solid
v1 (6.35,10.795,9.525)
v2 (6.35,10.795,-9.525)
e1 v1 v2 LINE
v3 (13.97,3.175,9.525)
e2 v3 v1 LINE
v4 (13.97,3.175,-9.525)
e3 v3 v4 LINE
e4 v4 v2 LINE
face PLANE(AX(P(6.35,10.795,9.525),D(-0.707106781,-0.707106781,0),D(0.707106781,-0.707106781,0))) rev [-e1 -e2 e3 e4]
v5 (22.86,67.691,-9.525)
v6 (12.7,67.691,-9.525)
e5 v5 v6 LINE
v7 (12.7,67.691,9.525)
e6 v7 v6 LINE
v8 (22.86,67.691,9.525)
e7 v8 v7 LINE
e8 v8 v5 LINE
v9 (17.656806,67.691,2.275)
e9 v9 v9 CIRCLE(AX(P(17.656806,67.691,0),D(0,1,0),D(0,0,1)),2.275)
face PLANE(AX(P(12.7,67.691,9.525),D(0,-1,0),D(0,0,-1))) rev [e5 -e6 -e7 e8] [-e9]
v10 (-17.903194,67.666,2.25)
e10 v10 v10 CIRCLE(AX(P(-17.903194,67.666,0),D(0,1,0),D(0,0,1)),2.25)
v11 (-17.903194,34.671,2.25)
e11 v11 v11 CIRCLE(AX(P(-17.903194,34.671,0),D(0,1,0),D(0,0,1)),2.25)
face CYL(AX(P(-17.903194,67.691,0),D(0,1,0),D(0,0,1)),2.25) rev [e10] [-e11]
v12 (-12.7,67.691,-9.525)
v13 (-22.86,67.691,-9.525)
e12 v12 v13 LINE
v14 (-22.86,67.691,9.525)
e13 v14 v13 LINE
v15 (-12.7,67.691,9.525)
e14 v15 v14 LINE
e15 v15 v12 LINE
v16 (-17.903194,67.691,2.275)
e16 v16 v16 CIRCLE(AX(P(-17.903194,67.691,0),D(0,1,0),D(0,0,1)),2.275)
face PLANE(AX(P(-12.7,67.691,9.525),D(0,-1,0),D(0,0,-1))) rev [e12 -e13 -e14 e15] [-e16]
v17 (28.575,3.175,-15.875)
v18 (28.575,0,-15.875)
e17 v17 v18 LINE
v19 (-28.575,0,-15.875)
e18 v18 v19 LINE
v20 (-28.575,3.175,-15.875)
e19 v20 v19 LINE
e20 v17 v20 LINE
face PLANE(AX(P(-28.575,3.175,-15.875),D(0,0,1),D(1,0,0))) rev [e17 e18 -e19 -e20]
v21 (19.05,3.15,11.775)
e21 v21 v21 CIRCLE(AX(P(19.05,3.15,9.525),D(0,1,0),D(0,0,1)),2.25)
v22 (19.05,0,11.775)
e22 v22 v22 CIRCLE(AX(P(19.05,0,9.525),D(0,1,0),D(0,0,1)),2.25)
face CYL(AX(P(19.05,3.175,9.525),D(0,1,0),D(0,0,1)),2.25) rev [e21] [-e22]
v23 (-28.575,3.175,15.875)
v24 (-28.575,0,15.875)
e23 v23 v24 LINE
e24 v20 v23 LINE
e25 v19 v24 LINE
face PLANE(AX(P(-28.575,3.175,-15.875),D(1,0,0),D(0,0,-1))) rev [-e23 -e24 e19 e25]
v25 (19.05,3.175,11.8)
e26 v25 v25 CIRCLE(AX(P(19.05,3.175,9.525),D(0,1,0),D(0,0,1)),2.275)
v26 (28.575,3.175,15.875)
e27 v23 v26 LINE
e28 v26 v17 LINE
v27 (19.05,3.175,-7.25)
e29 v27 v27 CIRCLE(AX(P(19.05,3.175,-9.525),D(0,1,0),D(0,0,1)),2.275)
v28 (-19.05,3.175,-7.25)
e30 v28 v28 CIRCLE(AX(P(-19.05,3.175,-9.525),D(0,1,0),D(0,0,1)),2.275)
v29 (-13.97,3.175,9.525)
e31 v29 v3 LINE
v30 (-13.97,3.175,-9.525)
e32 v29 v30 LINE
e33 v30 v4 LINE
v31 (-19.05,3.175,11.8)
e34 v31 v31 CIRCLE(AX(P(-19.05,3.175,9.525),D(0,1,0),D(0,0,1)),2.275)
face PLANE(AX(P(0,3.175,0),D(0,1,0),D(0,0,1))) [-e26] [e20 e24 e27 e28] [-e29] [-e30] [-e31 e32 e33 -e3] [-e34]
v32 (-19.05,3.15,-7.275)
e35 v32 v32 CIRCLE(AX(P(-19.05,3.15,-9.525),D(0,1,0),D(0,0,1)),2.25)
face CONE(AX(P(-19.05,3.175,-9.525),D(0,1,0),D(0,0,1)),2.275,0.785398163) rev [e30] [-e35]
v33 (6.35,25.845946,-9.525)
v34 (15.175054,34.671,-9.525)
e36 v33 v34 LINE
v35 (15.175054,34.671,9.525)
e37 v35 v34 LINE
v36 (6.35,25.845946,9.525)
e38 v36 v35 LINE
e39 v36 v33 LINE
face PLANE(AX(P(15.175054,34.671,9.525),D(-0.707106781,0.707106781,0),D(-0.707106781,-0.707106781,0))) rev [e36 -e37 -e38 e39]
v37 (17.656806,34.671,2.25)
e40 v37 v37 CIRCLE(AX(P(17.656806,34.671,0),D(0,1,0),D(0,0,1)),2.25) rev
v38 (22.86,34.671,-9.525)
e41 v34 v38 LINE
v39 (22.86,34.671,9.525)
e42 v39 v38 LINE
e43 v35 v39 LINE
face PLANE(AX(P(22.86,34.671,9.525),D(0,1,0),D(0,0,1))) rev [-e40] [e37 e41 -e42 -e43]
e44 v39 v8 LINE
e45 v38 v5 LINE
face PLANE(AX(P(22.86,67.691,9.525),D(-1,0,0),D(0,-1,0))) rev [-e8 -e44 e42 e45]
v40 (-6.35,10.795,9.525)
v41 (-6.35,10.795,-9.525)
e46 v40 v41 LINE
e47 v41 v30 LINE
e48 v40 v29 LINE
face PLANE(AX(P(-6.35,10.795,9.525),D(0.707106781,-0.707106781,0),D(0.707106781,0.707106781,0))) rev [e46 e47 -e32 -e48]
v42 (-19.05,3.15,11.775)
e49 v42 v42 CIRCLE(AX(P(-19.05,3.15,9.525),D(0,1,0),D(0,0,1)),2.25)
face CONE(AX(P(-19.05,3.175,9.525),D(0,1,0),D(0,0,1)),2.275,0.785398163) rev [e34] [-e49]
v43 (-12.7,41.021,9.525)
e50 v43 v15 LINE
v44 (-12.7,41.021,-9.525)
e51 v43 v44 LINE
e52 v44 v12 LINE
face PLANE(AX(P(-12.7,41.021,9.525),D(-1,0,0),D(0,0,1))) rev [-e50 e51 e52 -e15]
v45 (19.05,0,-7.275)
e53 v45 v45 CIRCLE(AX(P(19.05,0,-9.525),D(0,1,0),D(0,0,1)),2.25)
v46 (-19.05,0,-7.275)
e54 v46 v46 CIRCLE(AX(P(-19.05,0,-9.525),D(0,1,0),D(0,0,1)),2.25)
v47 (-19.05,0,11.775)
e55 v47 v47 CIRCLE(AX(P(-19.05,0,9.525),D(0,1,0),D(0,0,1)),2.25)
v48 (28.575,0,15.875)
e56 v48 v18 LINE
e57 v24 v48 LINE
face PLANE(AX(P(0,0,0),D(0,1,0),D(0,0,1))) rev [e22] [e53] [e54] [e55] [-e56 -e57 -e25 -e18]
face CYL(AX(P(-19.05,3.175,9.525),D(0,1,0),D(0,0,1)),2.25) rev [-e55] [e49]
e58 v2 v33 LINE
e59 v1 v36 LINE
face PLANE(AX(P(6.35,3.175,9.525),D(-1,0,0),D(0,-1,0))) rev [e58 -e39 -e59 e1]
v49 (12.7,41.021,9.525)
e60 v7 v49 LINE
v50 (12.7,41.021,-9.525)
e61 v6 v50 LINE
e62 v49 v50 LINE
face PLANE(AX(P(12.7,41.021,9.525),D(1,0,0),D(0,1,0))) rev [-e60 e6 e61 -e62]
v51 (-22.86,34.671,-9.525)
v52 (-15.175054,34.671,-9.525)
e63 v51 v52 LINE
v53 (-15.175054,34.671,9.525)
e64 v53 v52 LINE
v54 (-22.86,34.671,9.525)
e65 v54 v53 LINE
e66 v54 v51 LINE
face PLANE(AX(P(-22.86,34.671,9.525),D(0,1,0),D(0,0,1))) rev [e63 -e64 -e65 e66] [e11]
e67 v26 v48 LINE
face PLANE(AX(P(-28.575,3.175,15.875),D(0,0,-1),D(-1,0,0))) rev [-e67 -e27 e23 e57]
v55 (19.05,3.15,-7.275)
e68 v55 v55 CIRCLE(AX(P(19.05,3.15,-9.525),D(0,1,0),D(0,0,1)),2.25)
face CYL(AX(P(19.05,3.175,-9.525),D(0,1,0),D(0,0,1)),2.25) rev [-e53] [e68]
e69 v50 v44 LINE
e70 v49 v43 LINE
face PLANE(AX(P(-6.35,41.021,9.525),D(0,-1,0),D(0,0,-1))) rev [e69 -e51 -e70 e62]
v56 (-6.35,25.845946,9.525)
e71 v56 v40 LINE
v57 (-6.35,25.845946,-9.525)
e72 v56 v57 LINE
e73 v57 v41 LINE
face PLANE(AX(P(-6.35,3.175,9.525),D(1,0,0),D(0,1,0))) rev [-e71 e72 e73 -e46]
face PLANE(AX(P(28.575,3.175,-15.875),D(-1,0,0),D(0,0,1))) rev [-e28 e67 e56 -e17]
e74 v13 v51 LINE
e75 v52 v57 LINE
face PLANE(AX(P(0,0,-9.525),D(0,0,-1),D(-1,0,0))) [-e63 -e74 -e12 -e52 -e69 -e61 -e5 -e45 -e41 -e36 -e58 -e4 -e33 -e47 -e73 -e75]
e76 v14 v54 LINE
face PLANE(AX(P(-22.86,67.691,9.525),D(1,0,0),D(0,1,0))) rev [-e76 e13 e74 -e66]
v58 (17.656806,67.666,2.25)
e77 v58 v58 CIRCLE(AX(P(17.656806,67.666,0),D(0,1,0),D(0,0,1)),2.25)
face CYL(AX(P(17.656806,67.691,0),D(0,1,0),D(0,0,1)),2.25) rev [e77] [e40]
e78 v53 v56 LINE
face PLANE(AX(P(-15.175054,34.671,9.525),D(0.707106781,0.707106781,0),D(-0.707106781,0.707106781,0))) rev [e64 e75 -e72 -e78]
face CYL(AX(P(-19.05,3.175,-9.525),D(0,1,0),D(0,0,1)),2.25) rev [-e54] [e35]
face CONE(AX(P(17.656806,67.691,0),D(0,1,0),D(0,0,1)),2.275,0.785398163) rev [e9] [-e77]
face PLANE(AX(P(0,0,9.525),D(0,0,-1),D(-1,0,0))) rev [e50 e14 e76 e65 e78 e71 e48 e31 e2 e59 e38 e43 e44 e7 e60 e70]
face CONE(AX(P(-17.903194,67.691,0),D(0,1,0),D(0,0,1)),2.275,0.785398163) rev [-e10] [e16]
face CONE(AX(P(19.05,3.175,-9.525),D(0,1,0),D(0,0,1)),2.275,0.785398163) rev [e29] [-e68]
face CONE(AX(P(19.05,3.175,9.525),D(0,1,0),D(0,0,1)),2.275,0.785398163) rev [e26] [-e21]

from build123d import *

# Parameters (mm, degrees)
SKETCH1_W                      = 57.15
SKETCH1_H                      = 31.75
BOSS_EXTRUDE1_DEPTH            = 3.175
M4_CLEARANCE_HOLE1_D           = 4.5
M4_CLEARANCE_HOLE1_CSINK_D     = 4.55
M4_CLEARANCE_HOLE1_CSINK_ANGLE = 90
SKETCH5_W                      = 12.7
SKETCH5_H                      = 37.846
BOSS_EXTRUDE2_DEPTH            = 9.525
BOSS_EXTRUDE3_DEPTH            = 9.525
M4_CLEARANCE_HOLE2_D           = 4.5
M4_CLEARANCE_HOLE2_DEPTH       = 33.02
M4_CLEARANCE_HOLE2_CSINK_D     = 4.55
M4_CLEARANCE_HOLE2_CSINK_ANGLE = 90
M4_CLEARANCE_HOLE2_TIP         = 1.351936393


with BuildPart() as part:
    # Sketch1 → Boss-Extrude1 (new body)
    with BuildSketch(Plane(origin=(0, 0, 0), x_dir=(1, 0, 0), z_dir=(0, 1, 0))):
        Rectangle(SKETCH1_W, SKETCH1_H)
    extrude(amount=BOSS_EXTRUDE1_DEPTH)

    # M4 Clearance Hole1 (through all)
    with Locations(Plane(origin=(0, 3.175, 0), x_dir=(1, 0, 0), z_dir=(0, 1, 0))):
        with Locations((-19.05, 9.525), (19.05, 9.525), (19.05, -9.525), (-19.05, -9.525)):
            CounterSinkHole(M4_CLEARANCE_HOLE1_D / 2, M4_CLEARANCE_HOLE1_CSINK_D / 2, counter_sink_angle=M4_CLEARANCE_HOLE1_CSINK_ANGLE)

    # Sketch5 → Boss-Extrude2 (add, symmetric)
    with BuildSketch(Plane.XY):
        with Locations((0, 22.098)):
            Rectangle(SKETCH5_W, SKETCH5_H)
    extrude(amount=BOSS_EXTRUDE2_DEPTH, both=True)

    # Sketch6 → Boss-Extrude3 (add, symmetric)
    with BuildSketch(Plane.XY):
        Polygon((6.35, 41.021), (12.7, 41.021), (12.7, 67.691), (22.86, 67.691), (22.86, 34.671), (15.175054079, 34.671), (6.35, 25.845945921), align=None)
        Polygon((-6.35, 41.021), (-12.7, 41.021), (-12.7, 67.691), (-22.86, 67.691), (-22.86, 34.671), (-15.175054079, 34.671), (-6.35, 25.845945921), align=None)
        Polygon((-6.35, 10.795), (-13.97, 3.175), (-6.35, 3.175), align=None)
        Polygon((6.35, 3.175), (6.35, 10.795), (13.97, 3.175), align=None)
    extrude(amount=BOSS_EXTRUDE3_DEPTH, both=True)

    # M4 Clearance Hole2
    with Locations(Plane(origin=(0, 67.691, 0), x_dir=(1, 0, 0), z_dir=(0, 1, 0))):
        with Locations((-17.903194087, 0), (17.656805913, 0)):
            CounterSinkHole(M4_CLEARANCE_HOLE2_D / 2, M4_CLEARANCE_HOLE2_CSINK_D / 2, depth=M4_CLEARANCE_HOLE2_DEPTH, counter_sink_angle=M4_CLEARANCE_HOLE2_CSINK_ANGLE)
            with Locations((0, 0, -(M4_CLEARANCE_HOLE2_DEPTH + M4_CLEARANCE_HOLE2_TIP / 2))):  # 118° drill point
                Cone(0, M4_CLEARANCE_HOLE2_D / 2, M4_CLEARANCE_HOLE2_TIP, mode=Mode.SUBTRACT)


solid = part.part
